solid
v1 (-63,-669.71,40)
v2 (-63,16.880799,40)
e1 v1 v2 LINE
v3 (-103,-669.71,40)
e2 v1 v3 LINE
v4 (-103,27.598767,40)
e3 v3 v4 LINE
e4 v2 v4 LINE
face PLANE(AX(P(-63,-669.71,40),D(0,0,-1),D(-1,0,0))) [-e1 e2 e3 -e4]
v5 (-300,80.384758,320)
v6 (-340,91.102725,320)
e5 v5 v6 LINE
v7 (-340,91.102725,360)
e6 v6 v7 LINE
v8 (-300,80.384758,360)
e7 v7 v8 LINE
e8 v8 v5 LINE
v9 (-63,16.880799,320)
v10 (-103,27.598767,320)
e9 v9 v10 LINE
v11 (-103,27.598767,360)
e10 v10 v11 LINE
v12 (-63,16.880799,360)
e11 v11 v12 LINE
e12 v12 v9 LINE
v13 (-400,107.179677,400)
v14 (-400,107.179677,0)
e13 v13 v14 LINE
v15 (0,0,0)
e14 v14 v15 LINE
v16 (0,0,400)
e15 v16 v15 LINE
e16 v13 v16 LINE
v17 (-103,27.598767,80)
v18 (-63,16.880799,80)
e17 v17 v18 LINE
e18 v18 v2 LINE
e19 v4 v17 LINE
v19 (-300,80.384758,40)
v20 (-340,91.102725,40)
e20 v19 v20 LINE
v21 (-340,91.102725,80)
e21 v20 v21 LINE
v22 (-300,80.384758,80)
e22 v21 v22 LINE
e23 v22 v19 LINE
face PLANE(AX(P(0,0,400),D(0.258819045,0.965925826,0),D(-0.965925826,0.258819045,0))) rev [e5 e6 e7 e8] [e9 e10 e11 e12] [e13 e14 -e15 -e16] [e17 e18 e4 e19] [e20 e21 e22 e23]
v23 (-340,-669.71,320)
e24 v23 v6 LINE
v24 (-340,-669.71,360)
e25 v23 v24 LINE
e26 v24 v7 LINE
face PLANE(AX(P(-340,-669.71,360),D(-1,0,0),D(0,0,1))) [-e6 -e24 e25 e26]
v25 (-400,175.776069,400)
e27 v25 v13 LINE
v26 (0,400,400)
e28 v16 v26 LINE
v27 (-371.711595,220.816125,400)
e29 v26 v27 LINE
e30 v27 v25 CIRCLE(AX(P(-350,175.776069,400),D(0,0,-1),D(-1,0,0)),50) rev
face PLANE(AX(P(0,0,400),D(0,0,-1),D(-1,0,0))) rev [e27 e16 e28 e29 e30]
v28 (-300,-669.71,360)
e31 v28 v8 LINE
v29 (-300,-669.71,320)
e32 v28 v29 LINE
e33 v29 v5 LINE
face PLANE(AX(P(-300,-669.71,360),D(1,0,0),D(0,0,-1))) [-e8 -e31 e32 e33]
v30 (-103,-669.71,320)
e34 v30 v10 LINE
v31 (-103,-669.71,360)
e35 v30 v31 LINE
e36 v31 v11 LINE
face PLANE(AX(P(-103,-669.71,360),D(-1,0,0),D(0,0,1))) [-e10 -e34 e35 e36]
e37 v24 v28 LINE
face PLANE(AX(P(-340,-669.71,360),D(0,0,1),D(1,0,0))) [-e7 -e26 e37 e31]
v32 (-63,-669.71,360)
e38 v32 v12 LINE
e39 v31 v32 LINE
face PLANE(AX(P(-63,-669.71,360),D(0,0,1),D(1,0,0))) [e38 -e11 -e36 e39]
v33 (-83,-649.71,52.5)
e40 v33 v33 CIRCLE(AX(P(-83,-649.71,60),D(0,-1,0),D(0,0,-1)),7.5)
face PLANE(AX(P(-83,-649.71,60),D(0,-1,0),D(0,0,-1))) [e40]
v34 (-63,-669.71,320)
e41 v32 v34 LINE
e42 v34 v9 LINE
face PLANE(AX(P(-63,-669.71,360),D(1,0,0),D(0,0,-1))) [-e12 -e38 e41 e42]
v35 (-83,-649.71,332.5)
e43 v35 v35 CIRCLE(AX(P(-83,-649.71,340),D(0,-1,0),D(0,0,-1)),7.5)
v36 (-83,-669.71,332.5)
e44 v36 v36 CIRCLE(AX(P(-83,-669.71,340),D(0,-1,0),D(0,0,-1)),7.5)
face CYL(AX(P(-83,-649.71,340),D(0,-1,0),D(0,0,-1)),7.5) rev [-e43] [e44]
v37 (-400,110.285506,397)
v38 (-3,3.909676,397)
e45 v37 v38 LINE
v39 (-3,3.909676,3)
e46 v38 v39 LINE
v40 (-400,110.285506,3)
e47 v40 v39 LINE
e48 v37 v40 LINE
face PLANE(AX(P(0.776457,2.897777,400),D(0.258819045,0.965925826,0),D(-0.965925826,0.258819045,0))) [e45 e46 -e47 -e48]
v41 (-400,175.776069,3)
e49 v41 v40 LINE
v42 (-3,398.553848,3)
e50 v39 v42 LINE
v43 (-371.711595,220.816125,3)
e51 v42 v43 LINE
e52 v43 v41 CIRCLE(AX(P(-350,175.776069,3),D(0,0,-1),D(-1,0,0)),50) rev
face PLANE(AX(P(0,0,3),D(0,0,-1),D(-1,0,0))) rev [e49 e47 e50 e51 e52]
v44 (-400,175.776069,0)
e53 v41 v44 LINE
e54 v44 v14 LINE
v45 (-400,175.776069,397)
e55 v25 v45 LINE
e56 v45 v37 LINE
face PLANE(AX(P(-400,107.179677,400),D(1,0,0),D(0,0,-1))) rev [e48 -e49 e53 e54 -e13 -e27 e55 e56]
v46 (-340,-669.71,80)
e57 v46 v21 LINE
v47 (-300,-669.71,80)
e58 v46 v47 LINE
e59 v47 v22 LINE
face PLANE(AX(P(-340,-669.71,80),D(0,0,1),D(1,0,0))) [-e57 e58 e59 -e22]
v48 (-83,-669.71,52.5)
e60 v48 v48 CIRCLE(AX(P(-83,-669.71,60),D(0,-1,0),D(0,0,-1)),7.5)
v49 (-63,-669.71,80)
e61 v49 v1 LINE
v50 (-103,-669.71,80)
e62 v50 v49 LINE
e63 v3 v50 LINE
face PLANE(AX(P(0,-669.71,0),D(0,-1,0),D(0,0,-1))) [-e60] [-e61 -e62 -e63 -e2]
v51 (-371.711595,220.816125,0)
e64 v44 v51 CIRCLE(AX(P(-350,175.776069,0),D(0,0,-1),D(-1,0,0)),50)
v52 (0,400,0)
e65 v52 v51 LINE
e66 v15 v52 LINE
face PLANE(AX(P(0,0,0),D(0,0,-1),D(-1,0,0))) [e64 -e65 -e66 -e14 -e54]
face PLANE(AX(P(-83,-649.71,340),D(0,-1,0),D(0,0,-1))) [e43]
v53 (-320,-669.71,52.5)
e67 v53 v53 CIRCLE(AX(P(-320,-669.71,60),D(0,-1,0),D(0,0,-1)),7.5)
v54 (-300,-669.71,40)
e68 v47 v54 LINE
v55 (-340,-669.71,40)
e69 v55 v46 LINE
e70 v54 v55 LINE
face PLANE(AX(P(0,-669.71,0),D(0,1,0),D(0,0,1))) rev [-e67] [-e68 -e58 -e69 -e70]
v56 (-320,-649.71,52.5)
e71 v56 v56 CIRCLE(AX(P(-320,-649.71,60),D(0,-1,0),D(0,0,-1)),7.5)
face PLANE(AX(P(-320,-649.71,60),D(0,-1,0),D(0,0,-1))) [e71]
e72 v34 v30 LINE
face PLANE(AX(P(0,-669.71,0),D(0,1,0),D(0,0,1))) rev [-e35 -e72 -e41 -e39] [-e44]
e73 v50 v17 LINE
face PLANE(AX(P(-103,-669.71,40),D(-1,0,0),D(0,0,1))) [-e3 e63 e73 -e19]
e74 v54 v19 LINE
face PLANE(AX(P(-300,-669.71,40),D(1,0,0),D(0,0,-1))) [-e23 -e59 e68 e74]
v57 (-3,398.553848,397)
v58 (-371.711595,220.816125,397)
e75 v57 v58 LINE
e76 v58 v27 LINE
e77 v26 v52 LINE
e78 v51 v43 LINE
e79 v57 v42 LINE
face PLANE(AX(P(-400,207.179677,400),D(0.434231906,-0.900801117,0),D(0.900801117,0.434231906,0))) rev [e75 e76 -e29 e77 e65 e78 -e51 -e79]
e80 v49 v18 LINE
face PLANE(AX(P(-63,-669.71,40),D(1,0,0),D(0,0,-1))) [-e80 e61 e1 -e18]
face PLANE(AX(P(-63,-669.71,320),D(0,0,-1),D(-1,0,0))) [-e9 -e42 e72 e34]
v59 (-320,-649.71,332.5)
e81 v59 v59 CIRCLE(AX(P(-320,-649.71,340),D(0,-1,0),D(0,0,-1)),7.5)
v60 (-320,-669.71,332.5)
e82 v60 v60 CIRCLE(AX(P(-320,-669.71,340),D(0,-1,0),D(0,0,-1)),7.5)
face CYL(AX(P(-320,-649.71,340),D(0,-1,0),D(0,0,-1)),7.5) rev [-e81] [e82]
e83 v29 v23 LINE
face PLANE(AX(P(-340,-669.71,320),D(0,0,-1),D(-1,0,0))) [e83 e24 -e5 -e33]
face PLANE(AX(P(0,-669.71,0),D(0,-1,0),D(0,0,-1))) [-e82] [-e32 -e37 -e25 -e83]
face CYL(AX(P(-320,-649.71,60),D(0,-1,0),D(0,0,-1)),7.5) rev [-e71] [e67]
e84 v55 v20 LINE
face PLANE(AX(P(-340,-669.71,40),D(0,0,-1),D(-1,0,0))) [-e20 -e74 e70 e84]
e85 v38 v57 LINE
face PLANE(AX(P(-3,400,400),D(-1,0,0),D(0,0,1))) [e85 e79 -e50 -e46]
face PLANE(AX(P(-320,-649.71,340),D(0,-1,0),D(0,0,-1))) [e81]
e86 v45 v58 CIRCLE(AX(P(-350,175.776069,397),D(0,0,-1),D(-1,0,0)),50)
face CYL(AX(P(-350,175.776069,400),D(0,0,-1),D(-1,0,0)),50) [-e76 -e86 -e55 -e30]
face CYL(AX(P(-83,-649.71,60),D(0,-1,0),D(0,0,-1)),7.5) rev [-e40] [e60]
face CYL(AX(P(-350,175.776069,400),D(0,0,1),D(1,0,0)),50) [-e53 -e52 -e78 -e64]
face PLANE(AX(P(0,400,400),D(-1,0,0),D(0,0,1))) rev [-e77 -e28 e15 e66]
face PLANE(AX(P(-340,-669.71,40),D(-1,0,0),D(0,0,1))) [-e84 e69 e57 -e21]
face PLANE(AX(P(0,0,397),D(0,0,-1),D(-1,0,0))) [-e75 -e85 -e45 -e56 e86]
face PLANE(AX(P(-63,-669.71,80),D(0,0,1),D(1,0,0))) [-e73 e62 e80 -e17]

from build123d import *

# Parameters (mm, degrees)
BOSS_EXTRUDE2_DEPTH             = 400
SHELL3_T                        = -3
FILLET2_R                       = 50
FILLET3_R                       = 50
BOSS_EXTRUDE3_REACH             = 1052
SKETCH3_W                       = 40
SKETCH3_H                       = 40
BOSS_EXTRUDE3_DIRECTION_2_DEPTH = 19.71
SKETCH4_R                       = 7.5
CUT_EXTRUDE1_DEPTH              = 20


with BuildPart() as part:
    # Sketch2 → Boss-Extrude2 (new body)
    with BuildSketch(Plane.XY):
        Polygon((0, 400), (0, 0), (-400, 107.179676972), (-400, 207.179676972), align=None)
    extrude(amount=BOSS_EXTRUDE2_DEPTH)

    # Shell3
    shell3_openings = [part.faces().sort_by_distance(p)[0] for p in [
        (-400, 157.179676972, 200),
        (-200, 303.589838486, 200),
    ]]
    offset(amount=SHELL3_T, openings=shell3_openings, kind=Kind.INTERSECTION)

    # Fillet2
    fillet2_edges = [part.edges().sort_by_distance(p)[0] for p in [
        (-400, 207.179676972, 398.5),
    ]]
    fillet(fillet2_edges, radius=FILLET2_R)

    # Fillet3
    fillet3_edges = [part.edges().sort_by_distance(p)[0] for p in [
        (-400, 207.179676972, 1.5),
    ]]
    fillet(fillet3_edges, radius=FILLET3_R)

    # Sketch3 → Boss-Extrude3 (add, up to next)
    with BuildSketch(Plane(origin=(0, -650, 0), x_dir=(1, 0, 0), z_dir=(0, 1, 0)), mode=Mode.PRIVATE) as boss_extrude3_sk1:
        with Locations((-83, -60)):
            Rectangle(SKETCH3_W, SKETCH3_H)
    boss_extrude3_tool1 = extrude(boss_extrude3_sk1.sketch, amount=BOSS_EXTRUDE3_REACH, mode=Mode.PRIVATE) - part.part
    add(boss_extrude3_tool1.solids().sort_by_distance((-83, -650, 60))[0])
    # Sketch3 → Boss-Extrude3 (add, up to next)
    with BuildSketch(Plane(origin=(0, -650, 0), x_dir=(1, 0, 0), z_dir=(0, 1, 0)), mode=Mode.PRIVATE) as boss_extrude3_sk2:
        with Locations((-320, -60)):
            Rectangle(SKETCH3_W, SKETCH3_H)
    boss_extrude3_tool2 = extrude(boss_extrude3_sk2.sketch, amount=BOSS_EXTRUDE3_REACH, mode=Mode.PRIVATE) - part.part
    add(boss_extrude3_tool2.solids().sort_by_distance((-320, -650, 60))[0])
    # Sketch3 → Boss-Extrude3 (add, up to next)
    with BuildSketch(Plane(origin=(0, -650, 0), x_dir=(1, 0, 0), z_dir=(0, 1, 0)), mode=Mode.PRIVATE) as boss_extrude3_sk3:
        with Locations((-83, -340)):
            Rectangle(SKETCH3_W, SKETCH3_H)
    boss_extrude3_tool3 = extrude(boss_extrude3_sk3.sketch, amount=BOSS_EXTRUDE3_REACH, mode=Mode.PRIVATE) - part.part
    add(boss_extrude3_tool3.solids().sort_by_distance((-83, -650, 340))[0])
    # Sketch3 → Boss-Extrude3 (add, up to next)
    with BuildSketch(Plane(origin=(0, -650, 0), x_dir=(1, 0, 0), z_dir=(0, 1, 0)), mode=Mode.PRIVATE) as boss_extrude3_sk4:
        with Locations((-320, -340)):
            Rectangle(SKETCH3_W, SKETCH3_H)
    boss_extrude3_tool4 = extrude(boss_extrude3_sk4.sketch, amount=BOSS_EXTRUDE3_REACH, mode=Mode.PRIVATE) - part.part
    add(boss_extrude3_tool4.solids().sort_by_distance((-320, -650, 340))[0])

    # Sketch3 → Boss-Extrude3 direction 2 (add)
    with BuildSketch(Plane(origin=(0, -650, 0), x_dir=(1, 0, 0), z_dir=(0, 1, 0))):
        with Locations((-83, -60)):
            Rectangle(SKETCH3_W, SKETCH3_H)
        with Locations((-320, -60)):
            Rectangle(SKETCH3_W, SKETCH3_H)
        with Locations((-83, -340)):
            Rectangle(SKETCH3_W, SKETCH3_H)
        with Locations((-320, -340)):
            Rectangle(SKETCH3_W, SKETCH3_H)
    extrude(amount=-BOSS_EXTRUDE3_DIRECTION_2_DEPTH)

    # Sketch4 → Cut-Extrude1 (cut)
    with BuildSketch(Plane.XZ.offset(669.71)):
        with Locations((-320, 340)):
            Circle(SKETCH4_R)
        with Locations((-83, 340)):
            Circle(SKETCH4_R)
        with Locations((-320, 60)):
            Circle(SKETCH4_R)
        with Locations((-83, 60)):
            Circle(SKETCH4_R)
    extrude(amount=-CUT_EXTRUDE1_DEPTH, mode=Mode.SUBTRACT)


solid = part.part
